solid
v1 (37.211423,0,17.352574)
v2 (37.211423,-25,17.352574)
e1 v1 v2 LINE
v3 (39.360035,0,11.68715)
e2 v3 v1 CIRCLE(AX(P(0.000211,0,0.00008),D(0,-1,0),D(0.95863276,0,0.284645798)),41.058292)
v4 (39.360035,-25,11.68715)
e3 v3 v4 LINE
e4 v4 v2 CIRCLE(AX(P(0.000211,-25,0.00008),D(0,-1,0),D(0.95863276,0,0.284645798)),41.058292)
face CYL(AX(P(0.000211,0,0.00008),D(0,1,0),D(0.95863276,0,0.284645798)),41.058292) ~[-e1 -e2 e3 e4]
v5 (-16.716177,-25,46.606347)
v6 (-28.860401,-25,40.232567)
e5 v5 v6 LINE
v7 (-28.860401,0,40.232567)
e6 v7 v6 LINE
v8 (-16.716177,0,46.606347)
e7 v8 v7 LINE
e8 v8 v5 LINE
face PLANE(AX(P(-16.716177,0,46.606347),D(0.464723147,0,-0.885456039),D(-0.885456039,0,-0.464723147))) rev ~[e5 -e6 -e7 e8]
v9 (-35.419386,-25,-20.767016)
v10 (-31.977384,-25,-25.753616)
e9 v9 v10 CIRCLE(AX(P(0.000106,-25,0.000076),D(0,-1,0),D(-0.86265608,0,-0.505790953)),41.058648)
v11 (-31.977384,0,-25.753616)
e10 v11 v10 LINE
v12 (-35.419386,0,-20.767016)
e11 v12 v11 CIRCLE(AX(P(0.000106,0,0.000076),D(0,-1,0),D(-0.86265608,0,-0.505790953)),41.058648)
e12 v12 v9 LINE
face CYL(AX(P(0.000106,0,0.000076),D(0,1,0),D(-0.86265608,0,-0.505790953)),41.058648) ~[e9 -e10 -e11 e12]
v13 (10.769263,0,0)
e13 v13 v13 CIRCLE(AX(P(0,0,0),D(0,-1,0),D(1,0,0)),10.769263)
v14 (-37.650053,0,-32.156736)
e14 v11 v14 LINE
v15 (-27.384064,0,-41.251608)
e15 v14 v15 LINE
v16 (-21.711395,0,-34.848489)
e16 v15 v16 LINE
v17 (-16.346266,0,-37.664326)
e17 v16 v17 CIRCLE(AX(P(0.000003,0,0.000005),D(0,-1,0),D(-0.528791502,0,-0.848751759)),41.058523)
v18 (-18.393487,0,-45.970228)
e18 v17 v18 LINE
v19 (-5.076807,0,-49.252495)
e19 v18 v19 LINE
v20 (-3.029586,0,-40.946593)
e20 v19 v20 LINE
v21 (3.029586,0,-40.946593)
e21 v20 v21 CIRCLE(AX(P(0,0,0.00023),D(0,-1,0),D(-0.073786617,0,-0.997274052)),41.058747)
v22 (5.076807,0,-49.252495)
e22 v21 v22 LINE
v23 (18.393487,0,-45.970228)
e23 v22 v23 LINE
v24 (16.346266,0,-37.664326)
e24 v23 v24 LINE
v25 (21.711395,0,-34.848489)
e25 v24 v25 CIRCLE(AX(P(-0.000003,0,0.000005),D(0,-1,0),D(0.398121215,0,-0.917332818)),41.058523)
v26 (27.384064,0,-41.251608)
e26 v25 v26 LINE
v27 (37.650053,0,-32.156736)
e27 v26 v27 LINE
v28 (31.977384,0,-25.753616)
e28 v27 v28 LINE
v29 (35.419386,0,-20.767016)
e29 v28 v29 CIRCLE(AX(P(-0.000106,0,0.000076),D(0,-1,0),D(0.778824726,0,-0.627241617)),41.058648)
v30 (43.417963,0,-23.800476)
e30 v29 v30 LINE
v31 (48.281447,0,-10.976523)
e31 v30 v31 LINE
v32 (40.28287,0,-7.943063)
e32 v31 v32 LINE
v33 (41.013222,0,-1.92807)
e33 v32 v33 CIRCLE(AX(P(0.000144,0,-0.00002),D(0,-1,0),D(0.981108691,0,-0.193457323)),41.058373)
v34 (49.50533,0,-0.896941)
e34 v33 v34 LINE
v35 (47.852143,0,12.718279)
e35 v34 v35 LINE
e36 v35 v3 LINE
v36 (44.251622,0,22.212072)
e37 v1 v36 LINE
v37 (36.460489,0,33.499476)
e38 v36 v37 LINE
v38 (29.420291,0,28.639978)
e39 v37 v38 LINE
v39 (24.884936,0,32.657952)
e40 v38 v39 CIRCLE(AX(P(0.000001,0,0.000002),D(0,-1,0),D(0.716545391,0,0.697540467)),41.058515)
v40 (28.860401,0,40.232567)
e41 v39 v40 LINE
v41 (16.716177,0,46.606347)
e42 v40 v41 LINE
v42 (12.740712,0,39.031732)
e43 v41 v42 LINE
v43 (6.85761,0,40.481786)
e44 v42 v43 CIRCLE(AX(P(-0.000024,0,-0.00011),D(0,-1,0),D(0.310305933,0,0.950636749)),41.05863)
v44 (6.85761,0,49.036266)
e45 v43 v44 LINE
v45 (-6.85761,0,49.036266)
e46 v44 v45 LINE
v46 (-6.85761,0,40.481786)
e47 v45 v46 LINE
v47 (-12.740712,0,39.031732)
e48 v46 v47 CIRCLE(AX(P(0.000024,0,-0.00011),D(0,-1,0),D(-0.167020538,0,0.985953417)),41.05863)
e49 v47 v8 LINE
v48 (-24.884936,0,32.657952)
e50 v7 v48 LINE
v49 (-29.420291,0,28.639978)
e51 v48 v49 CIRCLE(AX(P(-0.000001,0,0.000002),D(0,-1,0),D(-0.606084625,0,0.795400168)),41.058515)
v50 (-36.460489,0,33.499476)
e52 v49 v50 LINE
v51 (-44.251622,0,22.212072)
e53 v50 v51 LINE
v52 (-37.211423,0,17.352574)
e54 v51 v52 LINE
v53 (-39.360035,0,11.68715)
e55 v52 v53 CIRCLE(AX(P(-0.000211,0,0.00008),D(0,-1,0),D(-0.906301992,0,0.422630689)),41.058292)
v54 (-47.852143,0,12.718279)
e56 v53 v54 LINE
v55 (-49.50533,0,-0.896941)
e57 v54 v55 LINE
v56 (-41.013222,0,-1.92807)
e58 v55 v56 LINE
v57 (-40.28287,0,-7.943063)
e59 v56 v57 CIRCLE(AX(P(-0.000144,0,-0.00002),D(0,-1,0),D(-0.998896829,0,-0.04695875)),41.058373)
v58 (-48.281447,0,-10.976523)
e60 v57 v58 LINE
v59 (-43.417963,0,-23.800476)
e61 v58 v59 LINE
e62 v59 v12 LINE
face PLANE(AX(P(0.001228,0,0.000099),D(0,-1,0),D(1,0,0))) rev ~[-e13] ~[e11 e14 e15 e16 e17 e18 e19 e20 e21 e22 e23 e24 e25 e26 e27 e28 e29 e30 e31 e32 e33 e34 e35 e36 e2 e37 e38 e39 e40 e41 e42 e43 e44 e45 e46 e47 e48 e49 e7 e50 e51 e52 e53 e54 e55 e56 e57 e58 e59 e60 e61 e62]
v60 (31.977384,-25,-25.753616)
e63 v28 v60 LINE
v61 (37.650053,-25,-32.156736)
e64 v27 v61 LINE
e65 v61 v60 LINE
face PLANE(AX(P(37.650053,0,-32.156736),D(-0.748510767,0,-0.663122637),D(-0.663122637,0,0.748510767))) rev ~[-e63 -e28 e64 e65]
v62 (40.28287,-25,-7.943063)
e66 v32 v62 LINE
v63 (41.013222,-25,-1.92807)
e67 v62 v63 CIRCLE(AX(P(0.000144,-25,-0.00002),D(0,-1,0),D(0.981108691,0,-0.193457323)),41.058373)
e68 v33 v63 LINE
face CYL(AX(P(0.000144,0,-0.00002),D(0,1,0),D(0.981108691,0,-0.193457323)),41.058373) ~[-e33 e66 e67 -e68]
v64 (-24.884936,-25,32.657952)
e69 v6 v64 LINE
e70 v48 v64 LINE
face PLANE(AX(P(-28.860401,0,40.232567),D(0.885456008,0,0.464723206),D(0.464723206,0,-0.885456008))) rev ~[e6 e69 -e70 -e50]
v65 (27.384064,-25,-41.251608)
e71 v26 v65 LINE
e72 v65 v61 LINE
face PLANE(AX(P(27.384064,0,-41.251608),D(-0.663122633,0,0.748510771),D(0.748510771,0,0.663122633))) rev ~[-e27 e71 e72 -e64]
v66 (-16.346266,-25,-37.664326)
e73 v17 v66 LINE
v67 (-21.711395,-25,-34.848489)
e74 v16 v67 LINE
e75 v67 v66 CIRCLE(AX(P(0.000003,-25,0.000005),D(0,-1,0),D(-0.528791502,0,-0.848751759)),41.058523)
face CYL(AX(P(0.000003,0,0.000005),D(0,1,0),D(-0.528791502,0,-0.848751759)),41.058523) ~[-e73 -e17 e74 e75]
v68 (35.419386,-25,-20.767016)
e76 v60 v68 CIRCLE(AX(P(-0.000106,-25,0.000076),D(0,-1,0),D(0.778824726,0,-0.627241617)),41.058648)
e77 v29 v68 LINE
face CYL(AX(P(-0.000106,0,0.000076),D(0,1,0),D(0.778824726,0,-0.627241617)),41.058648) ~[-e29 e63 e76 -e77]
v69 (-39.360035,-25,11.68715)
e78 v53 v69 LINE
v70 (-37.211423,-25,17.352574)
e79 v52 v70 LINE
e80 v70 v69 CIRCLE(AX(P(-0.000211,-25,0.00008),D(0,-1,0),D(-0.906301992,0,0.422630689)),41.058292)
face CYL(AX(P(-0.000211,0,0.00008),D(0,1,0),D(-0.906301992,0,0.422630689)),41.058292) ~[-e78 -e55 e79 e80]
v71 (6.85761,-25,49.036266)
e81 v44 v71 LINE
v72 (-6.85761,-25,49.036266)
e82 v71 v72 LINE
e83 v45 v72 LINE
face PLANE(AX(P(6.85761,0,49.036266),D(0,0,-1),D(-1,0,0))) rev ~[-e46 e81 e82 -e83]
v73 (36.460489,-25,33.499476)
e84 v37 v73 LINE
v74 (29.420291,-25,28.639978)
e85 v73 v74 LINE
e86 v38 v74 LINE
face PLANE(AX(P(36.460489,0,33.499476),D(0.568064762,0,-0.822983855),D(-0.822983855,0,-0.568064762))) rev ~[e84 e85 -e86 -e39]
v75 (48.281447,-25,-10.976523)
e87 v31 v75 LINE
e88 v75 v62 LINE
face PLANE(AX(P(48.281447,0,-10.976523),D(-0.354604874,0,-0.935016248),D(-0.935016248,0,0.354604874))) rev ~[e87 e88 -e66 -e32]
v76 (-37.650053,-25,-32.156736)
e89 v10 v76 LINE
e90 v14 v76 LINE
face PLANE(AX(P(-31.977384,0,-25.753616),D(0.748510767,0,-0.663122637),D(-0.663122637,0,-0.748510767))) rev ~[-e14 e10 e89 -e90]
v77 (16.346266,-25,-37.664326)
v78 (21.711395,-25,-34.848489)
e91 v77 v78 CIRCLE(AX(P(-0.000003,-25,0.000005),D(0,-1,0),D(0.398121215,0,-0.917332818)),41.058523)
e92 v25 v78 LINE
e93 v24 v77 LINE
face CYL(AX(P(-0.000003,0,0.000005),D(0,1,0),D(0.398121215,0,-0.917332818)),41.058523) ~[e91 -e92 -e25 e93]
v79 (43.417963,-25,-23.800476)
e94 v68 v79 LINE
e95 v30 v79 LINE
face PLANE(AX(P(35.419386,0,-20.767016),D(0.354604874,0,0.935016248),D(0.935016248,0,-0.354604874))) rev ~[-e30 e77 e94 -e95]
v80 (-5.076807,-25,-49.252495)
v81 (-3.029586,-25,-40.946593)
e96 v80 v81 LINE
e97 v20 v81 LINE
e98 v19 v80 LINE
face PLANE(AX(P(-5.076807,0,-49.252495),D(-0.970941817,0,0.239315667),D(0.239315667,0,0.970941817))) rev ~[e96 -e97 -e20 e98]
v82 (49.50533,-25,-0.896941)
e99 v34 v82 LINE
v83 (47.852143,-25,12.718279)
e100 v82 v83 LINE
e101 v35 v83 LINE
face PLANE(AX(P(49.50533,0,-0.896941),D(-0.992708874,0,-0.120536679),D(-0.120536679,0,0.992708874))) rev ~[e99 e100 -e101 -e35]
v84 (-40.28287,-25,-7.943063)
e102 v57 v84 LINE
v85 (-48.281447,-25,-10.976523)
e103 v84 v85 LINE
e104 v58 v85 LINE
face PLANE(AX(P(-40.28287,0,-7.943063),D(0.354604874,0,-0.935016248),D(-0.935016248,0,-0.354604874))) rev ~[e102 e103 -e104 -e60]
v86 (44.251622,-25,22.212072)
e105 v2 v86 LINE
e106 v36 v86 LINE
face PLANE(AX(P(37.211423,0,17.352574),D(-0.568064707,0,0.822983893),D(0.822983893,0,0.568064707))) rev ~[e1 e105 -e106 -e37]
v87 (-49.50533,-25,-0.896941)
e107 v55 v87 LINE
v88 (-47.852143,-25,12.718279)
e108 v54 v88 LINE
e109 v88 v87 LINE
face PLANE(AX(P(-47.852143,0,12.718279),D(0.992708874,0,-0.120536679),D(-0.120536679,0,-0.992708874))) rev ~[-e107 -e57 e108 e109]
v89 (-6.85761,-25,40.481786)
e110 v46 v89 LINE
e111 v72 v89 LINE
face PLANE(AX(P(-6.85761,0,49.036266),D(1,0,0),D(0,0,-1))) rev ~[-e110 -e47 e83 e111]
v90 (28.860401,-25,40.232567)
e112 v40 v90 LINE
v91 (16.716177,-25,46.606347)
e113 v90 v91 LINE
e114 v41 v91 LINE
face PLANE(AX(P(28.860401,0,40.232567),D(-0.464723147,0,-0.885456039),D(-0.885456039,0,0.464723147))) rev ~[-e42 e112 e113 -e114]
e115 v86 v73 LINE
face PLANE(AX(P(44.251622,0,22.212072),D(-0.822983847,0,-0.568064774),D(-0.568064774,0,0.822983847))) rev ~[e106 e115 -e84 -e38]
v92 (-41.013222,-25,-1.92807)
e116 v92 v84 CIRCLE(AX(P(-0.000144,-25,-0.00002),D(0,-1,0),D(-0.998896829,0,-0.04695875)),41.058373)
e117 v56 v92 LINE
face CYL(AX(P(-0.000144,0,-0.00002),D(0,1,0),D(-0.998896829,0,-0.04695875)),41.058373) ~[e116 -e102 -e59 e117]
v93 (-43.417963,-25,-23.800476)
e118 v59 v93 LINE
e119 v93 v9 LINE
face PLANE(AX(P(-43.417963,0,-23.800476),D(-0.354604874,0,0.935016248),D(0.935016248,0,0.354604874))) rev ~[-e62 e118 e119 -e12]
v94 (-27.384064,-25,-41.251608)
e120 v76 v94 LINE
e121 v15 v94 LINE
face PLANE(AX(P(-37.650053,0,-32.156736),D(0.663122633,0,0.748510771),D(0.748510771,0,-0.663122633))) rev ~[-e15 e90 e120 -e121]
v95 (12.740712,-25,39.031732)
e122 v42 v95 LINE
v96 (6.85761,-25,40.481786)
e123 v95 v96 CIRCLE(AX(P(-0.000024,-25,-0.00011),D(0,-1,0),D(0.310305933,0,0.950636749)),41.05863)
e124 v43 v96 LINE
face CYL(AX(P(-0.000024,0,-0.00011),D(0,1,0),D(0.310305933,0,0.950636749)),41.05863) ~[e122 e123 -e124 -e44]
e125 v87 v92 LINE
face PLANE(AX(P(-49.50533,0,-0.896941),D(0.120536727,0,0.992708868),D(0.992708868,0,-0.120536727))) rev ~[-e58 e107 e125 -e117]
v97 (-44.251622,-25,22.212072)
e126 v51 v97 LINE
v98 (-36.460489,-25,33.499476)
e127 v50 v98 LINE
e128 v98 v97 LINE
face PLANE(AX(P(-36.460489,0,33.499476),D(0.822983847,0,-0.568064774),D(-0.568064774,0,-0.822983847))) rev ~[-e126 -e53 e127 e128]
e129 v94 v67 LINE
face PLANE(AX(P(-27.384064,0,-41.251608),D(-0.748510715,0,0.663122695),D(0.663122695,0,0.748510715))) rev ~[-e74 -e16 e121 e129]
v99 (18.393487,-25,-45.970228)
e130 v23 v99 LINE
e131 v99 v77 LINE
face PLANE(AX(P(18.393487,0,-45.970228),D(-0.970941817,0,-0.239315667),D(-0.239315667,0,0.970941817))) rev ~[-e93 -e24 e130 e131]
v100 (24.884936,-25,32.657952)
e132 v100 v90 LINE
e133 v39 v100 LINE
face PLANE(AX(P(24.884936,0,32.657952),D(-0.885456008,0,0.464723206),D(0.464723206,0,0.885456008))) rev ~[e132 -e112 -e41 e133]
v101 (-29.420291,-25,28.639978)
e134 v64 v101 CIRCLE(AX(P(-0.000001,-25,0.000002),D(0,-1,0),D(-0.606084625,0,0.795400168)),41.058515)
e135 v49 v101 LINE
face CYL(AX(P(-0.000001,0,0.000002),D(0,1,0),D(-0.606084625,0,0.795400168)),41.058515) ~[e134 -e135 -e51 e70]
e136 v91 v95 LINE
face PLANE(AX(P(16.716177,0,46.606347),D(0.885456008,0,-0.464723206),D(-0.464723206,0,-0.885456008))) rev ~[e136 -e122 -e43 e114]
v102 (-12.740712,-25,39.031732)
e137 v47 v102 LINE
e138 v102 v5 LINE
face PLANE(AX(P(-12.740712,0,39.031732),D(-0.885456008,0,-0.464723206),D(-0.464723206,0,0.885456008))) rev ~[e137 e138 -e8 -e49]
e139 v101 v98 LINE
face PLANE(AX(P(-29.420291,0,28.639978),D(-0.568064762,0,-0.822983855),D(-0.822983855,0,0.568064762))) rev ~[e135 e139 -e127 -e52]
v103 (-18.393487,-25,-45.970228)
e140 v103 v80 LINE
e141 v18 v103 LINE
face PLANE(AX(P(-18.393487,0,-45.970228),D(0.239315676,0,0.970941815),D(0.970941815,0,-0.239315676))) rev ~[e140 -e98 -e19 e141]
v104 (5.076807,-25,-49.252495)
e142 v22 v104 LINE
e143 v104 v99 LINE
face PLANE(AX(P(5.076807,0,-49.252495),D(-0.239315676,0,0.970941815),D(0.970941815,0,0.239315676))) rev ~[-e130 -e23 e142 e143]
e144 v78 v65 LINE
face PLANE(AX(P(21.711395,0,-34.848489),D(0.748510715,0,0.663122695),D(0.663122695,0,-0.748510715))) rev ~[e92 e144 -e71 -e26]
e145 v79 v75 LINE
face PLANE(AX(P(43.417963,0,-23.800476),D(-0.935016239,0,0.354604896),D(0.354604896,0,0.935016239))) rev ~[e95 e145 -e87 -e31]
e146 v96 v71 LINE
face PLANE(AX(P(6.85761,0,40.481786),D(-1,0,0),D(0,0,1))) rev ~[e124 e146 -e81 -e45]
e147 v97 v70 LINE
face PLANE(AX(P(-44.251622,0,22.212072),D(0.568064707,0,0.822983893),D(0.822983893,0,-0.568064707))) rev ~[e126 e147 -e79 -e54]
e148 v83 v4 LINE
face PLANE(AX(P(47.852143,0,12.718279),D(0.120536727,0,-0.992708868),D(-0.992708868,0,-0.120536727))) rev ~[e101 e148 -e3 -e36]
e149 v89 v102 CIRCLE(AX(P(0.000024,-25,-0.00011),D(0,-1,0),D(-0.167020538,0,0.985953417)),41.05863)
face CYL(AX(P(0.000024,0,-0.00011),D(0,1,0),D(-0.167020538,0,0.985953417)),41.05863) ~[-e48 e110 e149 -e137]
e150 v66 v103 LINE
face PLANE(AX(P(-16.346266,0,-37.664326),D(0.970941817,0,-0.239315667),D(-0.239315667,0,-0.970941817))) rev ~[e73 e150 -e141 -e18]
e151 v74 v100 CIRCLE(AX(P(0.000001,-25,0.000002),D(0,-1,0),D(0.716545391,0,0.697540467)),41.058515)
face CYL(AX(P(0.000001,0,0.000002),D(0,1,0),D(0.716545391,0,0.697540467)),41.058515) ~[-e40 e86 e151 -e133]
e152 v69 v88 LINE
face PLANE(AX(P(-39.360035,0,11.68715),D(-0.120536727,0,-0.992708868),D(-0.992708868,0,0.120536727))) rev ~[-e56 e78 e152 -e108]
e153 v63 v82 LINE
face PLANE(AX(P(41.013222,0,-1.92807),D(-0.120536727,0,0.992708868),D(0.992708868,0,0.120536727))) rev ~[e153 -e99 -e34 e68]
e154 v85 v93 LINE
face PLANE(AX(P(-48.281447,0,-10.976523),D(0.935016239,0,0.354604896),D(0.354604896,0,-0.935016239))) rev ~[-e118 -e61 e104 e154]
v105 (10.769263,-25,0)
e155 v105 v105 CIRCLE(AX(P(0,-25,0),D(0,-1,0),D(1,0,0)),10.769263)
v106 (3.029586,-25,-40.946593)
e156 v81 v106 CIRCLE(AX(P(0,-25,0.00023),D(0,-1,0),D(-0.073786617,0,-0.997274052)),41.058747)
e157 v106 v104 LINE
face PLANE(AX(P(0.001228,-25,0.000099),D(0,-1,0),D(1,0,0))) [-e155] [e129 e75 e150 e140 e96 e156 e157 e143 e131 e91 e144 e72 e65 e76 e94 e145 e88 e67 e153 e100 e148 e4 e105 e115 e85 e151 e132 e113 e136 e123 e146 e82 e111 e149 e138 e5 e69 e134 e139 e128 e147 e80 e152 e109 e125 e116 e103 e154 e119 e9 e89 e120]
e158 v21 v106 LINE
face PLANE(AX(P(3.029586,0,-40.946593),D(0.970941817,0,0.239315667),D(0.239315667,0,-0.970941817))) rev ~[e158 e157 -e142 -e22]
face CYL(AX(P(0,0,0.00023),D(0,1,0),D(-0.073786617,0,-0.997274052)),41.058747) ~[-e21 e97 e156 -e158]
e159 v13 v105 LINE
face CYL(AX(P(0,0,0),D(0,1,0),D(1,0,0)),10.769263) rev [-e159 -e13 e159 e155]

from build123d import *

# Parameters (mm, degrees)
F0_R     = 10.769263
F1_DEPTH = 25


with BuildPart() as f1:
    # F0 (on Front) → F1 (new body)
    with BuildSketch(Plane.XZ):
        with BuildLine():
            ThreePointArc((41.013222, -1.92807), (41.047192, -0.964301), (41.058517, 0))
            ThreePointArc((41.058517, 0), (40.631678, 5.904962), (39.360035, 11.68715))
            ThreePointArc((39.360035, 11.68715), (38.390381, 14.559551), (37.211423, 17.352574))
            ThreePointArc((37.211423, 17.352574), (33.790497, 23.323896), (29.420291, 28.639978))
            ThreePointArc((29.420291, 28.639978), (27.226833, 30.732742), (24.884936, 32.657952))
            ThreePointArc((24.884936, 32.657952), (19.080844, 36.355512), (12.740712, 39.031732))
            ThreePointArc((12.740712, 39.031732), (9.825946, 39.865431), (6.85761, 40.481786))
            ThreePointArc((6.85761, 40.481786), (0, 41.058517), (-6.85761, 40.481786))
            ThreePointArc((-6.85761, 40.481786), (-9.825946, 39.865431), (-12.740712, 39.031732))
            ThreePointArc((-12.740712, 39.031732), (-19.080844, 36.355512), (-24.884936, 32.657952))
            ThreePointArc((-24.884936, 32.657952), (-27.226833, 30.732742), (-29.420291, 28.639978))
            ThreePointArc((-29.420291, 28.639978), (-33.790497, 23.323896), (-37.211423, 17.352574))
            ThreePointArc((-37.211423, 17.352574), (-38.390381, 14.559551), (-39.360035, 11.68715))
            ThreePointArc((-39.360035, 11.68715), (-40.759155, 4.949057), (-41.013222, -1.92807))
            ThreePointArc((-41.013222, -1.92807), (-40.759155, -4.949057), (-40.28287, -7.943063))
            ThreePointArc((-40.28287, -7.943063), (-38.390381, -14.559551), (-35.419386, -20.767016))
            ThreePointArc((-35.419386, -20.767016), (-33.790497, -23.323896), (-31.977384, -25.753616))
            ThreePointArc((-31.977384, -25.753616), (-27.226833, -30.732742), (-21.711395, -34.848489))
            ThreePointArc((-21.711395, -34.848489), (-19.080844, -36.355512), (-16.346266, -37.664326))
            ThreePointArc((-16.346266, -37.664326), (-9.825946, -39.865431), (-3.029586, -40.946593))
            ThreePointArc((-3.029586, -40.946593), (0, -41.058517), (3.029586, -40.946593))
            ThreePointArc((3.029586, -40.946593), (9.825946, -39.865431), (16.346266, -37.664326))
            ThreePointArc((16.346266, -37.664326), (19.080844, -36.355512), (21.711395, -34.848489))
            ThreePointArc((21.711395, -34.848489), (27.226833, -30.732742), (31.977384, -25.753616))
            ThreePointArc((31.977384, -25.753616), (33.790497, -23.323896), (35.419386, -20.767016))
            ThreePointArc((35.419386, -20.767016), (38.390381, -14.559551), (40.28287, -7.943063))
            ThreePointArc((40.28287, -7.943063), (40.759155, -4.949057), (41.013222, -1.92807))
        make_face()
        Circle(F0_R, mode=Mode.SUBTRACT)
        with BuildLine():
            ThreePointArc((39.360035, 11.68715), (40.631678, 5.904962), (41.058517, 0))
            ThreePointArc((41.058517, 0), (41.047192, -0.964301), (41.013222, -1.92807))
            Line((41.013222, -1.92807), (49.50533, -0.896941))
            Line((49.50533, -0.896941), (47.852143, 12.718279))
            Line((47.852143, 12.718279), (39.360035, 11.68715))
        make_face()
        with BuildLine():
            ThreePointArc((29.420291, 28.639978), (33.790497, 23.323896), (37.211423, 17.352574))
            Line((37.211423, 17.352574), (44.251622, 22.212072))
            Line((44.251622, 22.212072), (36.460489, 33.499476))
            Line((36.460489, 33.499476), (29.420291, 28.639978))
        make_face()
        with BuildLine():
            Line((48.281447, -10.976523), (40.28287, -7.943063))
            ThreePointArc((40.28287, -7.943063), (38.390381, -14.559551), (35.419386, -20.767016))
            Line((35.419386, -20.767016), (43.417963, -23.800476))
            Line((43.417963, -23.800476), (48.281447, -10.976523))
        make_face()
        with BuildLine():
            ThreePointArc((12.740712, 39.031732), (19.080844, 36.355512), (24.884936, 32.657952))
            Line((24.884936, 32.657952), (28.860401, 40.232567))
            Line((28.860401, 40.232567), (16.716177, 46.606347))
            Line((16.716177, 46.606347), (12.740712, 39.031732))
        make_face()
        with BuildLine():
            Line((37.650053, -32.156736), (31.977384, -25.753616))
            ThreePointArc((31.977384, -25.753616), (27.226833, -30.732742), (21.711395, -34.848489))
            Line((21.711395, -34.848489), (27.384064, -41.251608))
            Line((27.384064, -41.251608), (37.650053, -32.156736))
        make_face()
        with BuildLine():
            ThreePointArc((-6.85761, 40.481786), (0, 41.058517), (6.85761, 40.481786))
            Line((6.85761, 40.481786), (6.85761, 49.036266))
            Line((6.85761, 49.036266), (-6.85761, 49.036266))
            Line((-6.85761, 49.036266), (-6.85761, 40.481786))
        make_face()
        with BuildLine():
            Line((18.393487, -45.970228), (16.346266, -37.664326))
            ThreePointArc((16.346266, -37.664326), (9.825946, -39.865431), (3.029586, -40.946593))
            Line((3.029586, -40.946593), (5.076807, -49.252495))
            Line((5.076807, -49.252495), (18.393487, -45.970228))
        make_face()
        with BuildLine():
            ThreePointArc((-24.884936, 32.657952), (-19.080844, 36.355512), (-12.740712, 39.031732))
            Line((-12.740712, 39.031732), (-16.716177, 46.606347))
            Line((-16.716177, 46.606347), (-28.860401, 40.232567))
            Line((-28.860401, 40.232567), (-24.884936, 32.657952))
        make_face()
        with BuildLine():
            Line((-5.076807, -49.252495), (-3.029586, -40.946593))
            ThreePointArc((-3.029586, -40.946593), (-9.825946, -39.865431), (-16.346266, -37.664326))
            Line((-16.346266, -37.664326), (-18.393487, -45.970228))
            Line((-18.393487, -45.970228), (-5.076807, -49.252495))
        make_face()
        with BuildLine():
            ThreePointArc((-37.211423, 17.352574), (-33.790497, 23.323896), (-29.420291, 28.639978))
            Line((-29.420291, 28.639978), (-36.460489, 33.499476))
            Line((-36.460489, 33.499476), (-44.251622, 22.212072))
            Line((-44.251622, 22.212072), (-37.211423, 17.352574))
        make_face()
        with BuildLine():
            Line((-27.384064, -41.251608), (-21.711395, -34.848489))
            ThreePointArc((-21.711395, -34.848489), (-27.226833, -30.732742), (-31.977384, -25.753616))
            Line((-31.977384, -25.753616), (-37.650053, -32.156736))
            Line((-37.650053, -32.156736), (-27.384064, -41.251608))
        make_face()
        with BuildLine():
            ThreePointArc((-41.013222, -1.92807), (-40.759155, 4.949057), (-39.360035, 11.68715))
            Line((-39.360035, 11.68715), (-47.852143, 12.718279))
            Line((-47.852143, 12.718279), (-49.50533, -0.896941))
            Line((-49.50533, -0.896941), (-41.013222, -1.92807))
        make_face()
        with BuildLine():
            Line((-43.417963, -23.800476), (-35.419386, -20.767016))
            ThreePointArc((-35.419386, -20.767016), (-38.390381, -14.559551), (-40.28287, -7.943063))
            Line((-40.28287, -7.943063), (-48.281447, -10.976523))
            Line((-48.281447, -10.976523), (-43.417963, -23.800476))
        make_face()
    extrude(amount=F1_DEPTH)


solid = f1.part
